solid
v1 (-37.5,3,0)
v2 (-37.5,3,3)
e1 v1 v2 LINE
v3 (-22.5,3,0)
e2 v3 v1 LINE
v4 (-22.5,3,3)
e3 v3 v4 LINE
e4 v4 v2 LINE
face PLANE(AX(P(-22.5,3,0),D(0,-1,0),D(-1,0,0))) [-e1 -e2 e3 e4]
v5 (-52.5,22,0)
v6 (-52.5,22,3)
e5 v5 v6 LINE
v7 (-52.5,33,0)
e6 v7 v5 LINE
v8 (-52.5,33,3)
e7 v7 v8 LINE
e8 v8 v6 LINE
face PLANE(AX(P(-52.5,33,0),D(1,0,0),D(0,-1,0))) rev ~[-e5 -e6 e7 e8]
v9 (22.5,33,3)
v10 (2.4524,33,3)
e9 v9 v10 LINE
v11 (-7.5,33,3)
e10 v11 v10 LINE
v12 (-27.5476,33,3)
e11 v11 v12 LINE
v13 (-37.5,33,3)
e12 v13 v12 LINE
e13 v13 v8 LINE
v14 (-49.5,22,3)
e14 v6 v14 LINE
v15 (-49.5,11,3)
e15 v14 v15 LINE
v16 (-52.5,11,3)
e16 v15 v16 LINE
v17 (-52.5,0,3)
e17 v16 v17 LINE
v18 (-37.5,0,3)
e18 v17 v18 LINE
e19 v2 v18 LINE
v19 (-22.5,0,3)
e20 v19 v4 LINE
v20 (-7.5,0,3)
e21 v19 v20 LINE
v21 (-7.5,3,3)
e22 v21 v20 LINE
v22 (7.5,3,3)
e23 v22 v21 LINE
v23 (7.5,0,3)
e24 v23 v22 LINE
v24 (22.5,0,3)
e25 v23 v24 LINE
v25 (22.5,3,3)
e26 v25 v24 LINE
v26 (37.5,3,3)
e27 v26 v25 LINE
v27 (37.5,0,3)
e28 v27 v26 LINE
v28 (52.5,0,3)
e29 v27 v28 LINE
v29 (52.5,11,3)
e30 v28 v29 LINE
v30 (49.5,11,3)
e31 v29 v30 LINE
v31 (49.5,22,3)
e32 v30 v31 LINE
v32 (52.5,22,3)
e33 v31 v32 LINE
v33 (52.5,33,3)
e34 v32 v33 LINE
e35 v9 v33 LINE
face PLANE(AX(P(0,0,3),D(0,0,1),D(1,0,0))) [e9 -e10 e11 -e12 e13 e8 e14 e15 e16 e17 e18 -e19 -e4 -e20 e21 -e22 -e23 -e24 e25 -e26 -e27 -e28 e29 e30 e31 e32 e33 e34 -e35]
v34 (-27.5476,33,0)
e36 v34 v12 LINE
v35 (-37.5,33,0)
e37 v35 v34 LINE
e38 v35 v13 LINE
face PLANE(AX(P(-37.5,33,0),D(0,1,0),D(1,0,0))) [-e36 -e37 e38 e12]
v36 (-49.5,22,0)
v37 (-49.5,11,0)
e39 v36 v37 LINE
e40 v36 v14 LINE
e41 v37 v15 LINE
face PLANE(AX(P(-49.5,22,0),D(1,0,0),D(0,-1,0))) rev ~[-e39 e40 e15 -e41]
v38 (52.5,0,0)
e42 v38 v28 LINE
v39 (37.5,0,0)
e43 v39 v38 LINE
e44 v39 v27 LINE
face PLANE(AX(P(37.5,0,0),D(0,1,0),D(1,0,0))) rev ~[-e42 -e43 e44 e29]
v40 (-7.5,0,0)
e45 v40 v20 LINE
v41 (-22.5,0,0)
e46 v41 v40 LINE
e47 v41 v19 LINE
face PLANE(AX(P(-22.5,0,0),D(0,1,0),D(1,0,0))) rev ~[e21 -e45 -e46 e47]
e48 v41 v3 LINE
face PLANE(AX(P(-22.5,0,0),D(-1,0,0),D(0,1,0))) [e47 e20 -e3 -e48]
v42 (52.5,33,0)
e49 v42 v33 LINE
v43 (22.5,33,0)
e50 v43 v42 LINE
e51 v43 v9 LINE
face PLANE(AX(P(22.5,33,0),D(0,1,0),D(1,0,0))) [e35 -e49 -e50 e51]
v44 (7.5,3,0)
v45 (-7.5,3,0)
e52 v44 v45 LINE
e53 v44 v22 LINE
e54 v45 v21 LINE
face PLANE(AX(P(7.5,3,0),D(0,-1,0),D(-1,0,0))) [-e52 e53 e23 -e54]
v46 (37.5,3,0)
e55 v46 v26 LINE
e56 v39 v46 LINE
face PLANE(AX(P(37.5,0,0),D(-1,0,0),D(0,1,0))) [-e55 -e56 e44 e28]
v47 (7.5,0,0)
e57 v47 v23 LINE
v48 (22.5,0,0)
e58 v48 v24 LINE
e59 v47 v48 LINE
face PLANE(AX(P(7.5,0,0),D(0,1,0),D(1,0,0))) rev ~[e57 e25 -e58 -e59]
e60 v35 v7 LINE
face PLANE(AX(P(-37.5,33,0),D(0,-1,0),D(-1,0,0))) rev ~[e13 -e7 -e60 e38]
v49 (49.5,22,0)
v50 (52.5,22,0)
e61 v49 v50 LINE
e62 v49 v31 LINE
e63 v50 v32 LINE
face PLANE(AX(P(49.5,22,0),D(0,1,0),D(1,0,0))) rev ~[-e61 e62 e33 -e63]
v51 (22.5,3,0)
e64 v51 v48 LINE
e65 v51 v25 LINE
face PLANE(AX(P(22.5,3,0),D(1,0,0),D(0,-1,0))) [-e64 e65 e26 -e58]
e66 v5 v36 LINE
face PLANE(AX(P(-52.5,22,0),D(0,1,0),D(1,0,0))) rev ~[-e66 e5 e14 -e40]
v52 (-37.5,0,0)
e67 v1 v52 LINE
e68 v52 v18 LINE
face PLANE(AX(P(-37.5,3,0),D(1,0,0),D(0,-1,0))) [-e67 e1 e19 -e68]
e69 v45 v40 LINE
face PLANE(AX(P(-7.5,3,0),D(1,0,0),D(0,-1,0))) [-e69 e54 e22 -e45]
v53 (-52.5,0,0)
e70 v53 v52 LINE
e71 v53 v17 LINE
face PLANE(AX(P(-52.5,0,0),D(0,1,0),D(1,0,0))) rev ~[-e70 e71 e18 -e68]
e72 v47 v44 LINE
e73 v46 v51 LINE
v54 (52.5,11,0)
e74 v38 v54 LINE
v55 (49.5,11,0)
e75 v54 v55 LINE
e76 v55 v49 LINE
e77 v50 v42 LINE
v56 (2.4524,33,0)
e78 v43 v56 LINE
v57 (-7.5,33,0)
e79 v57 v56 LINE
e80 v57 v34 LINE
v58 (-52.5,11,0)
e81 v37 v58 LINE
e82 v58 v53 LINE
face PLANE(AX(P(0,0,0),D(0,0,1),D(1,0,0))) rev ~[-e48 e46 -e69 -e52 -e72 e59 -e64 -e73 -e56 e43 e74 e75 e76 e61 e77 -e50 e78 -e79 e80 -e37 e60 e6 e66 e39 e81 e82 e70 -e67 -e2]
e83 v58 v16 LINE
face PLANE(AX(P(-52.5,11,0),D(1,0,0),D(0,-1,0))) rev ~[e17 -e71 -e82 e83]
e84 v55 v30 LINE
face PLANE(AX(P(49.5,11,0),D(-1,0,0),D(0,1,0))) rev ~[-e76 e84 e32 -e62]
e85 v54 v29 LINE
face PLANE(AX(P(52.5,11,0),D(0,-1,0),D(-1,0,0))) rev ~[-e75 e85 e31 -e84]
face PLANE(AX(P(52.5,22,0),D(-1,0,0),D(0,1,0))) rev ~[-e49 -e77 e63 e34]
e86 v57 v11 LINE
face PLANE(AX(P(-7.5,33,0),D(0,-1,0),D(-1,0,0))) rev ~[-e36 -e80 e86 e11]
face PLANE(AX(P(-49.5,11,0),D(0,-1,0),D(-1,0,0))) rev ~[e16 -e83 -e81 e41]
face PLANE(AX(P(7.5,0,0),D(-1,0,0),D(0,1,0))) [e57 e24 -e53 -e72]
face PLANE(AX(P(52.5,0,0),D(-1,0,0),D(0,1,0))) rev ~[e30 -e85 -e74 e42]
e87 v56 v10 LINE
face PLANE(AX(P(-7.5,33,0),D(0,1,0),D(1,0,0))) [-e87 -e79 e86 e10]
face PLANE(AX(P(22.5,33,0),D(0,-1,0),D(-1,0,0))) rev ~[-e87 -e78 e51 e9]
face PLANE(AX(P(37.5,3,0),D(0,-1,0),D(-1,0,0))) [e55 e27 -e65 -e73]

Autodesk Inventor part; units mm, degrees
ref_plane "YZ Plane" through (0, 0, 0) normal (1, 0, 0) x (0, 1, 0)
ref_plane "XZ Plane" through (0, 0, 0) normal (0, 1, 0) x (-1, 0, 0)
ref_plane "XY Plane" through (0, 0, 0) normal (0, 0, 1) x (1, 0, 0)
sketch "Sketch1" plane through (0, 0, 0) normal (0, 0, 1) x (1, 0, 0)
  line L0 (-22.5, 0) -> (-22.5, 3)
  line L1 (-22.5, 3) -> (-37.5, 3)
  line L2 (-37.5, 3) -> (-37.5, 0)
  line L3 (7.5, 0) -> (7.5, 3)
  line L4 (7.5, 3) -> (-7.5, 3)
  line L5 (-7.5, 3) -> (-7.5, 0)
  line L6 (37.5, 0) -> (37.5, 3)
  line L7 (37.5, 3) -> (22.5, 3)
  line L8 (22.5, 3) -> (22.5, 0)
  line L9 (-52.5, 22) -> (-49.5, 22)
  line L10 (-49.5, 22) -> (-49.5, 11)
  line L11 (-49.5, 11) -> (-52.5, 11)
  line L12 (52.5, 11) -> (49.5, 11)
  line L13 (49.5, 11) -> (49.5, 22)
  line L14 (49.5, 22) -> (52.5, 22)
  line L15 (-37.5, 33) -> (-52.5, 33)
  line L16 (52.5, 33) -> (56.4286, 33)
  line L17 (22.5, 33) -> (2.4524, 33)
  line L18 (-7.5, 33) -> (-27.5476, 33)
  line L19 (52.5, 0) -> (52.5, 11)
  line L20 (52.5, 22) -> (52.5, 33)
  line L21 (37.5, 0) -> (52.5, 0)
  line L22 (7.5, 0) -> (22.5, 0)
  line L23 (-52.5, 0) -> (-37.5, 0)
  line L24 (-22.5, 0) -> (-7.5, 0)
  line L25 (-52.5, 33) -> (-52.5, 22)
  line L26 (-52.5, 11) -> (-52.5, 0)
  line L27 (-37.5, 33) -> (57.8569, 33)
  point P0 (0, 0)
  point P1 (0, 30)
  dimension "d46" = 105
  dimension "d48" = 33
  dimension "d49" = 52.5
  dimension "d50" = 0
  dimension "d53" = 0
  dimension "d58" = 11
  dimension "d59" = 11
  dimension "d61" = 15
  dimension "d62" = 7.5
  dimension "d63" = 3
  dimension "d64" = 3
  dimension "d65" = 3
extrude "Extrusion1" add sketch "Sketch1" along normal blind 3
equation "\"d46\" = shelfWs"
equation "\"d48\" = shelfD"
equation "\"d49\" = 0.5 * shelfWs"
equation "\"d58\" = 0.333333 * shelfD - tol"
equation "\"d59\" = 0.333333 * shelfD + 2 * tol"
equation "\"d24\" = tt"
equation "\"d0\" = 0.5 * shelfWs"
equation "\"tt\" = 3"
equation "\"tol\" = 0"
equation "\"d2\" = shelfD"
equation "\"d4\" = tt"
equation "\"tiroir\" = 1"
equation "\"nHoles\" = 4"
equation "\"shelfH\" = 35"
equation "\"shelfWs\" = 105"
equation "\"d47\" = 0.5 * shelfWs"
equation "\"shelfD\" = 33"
properties part number "back"
